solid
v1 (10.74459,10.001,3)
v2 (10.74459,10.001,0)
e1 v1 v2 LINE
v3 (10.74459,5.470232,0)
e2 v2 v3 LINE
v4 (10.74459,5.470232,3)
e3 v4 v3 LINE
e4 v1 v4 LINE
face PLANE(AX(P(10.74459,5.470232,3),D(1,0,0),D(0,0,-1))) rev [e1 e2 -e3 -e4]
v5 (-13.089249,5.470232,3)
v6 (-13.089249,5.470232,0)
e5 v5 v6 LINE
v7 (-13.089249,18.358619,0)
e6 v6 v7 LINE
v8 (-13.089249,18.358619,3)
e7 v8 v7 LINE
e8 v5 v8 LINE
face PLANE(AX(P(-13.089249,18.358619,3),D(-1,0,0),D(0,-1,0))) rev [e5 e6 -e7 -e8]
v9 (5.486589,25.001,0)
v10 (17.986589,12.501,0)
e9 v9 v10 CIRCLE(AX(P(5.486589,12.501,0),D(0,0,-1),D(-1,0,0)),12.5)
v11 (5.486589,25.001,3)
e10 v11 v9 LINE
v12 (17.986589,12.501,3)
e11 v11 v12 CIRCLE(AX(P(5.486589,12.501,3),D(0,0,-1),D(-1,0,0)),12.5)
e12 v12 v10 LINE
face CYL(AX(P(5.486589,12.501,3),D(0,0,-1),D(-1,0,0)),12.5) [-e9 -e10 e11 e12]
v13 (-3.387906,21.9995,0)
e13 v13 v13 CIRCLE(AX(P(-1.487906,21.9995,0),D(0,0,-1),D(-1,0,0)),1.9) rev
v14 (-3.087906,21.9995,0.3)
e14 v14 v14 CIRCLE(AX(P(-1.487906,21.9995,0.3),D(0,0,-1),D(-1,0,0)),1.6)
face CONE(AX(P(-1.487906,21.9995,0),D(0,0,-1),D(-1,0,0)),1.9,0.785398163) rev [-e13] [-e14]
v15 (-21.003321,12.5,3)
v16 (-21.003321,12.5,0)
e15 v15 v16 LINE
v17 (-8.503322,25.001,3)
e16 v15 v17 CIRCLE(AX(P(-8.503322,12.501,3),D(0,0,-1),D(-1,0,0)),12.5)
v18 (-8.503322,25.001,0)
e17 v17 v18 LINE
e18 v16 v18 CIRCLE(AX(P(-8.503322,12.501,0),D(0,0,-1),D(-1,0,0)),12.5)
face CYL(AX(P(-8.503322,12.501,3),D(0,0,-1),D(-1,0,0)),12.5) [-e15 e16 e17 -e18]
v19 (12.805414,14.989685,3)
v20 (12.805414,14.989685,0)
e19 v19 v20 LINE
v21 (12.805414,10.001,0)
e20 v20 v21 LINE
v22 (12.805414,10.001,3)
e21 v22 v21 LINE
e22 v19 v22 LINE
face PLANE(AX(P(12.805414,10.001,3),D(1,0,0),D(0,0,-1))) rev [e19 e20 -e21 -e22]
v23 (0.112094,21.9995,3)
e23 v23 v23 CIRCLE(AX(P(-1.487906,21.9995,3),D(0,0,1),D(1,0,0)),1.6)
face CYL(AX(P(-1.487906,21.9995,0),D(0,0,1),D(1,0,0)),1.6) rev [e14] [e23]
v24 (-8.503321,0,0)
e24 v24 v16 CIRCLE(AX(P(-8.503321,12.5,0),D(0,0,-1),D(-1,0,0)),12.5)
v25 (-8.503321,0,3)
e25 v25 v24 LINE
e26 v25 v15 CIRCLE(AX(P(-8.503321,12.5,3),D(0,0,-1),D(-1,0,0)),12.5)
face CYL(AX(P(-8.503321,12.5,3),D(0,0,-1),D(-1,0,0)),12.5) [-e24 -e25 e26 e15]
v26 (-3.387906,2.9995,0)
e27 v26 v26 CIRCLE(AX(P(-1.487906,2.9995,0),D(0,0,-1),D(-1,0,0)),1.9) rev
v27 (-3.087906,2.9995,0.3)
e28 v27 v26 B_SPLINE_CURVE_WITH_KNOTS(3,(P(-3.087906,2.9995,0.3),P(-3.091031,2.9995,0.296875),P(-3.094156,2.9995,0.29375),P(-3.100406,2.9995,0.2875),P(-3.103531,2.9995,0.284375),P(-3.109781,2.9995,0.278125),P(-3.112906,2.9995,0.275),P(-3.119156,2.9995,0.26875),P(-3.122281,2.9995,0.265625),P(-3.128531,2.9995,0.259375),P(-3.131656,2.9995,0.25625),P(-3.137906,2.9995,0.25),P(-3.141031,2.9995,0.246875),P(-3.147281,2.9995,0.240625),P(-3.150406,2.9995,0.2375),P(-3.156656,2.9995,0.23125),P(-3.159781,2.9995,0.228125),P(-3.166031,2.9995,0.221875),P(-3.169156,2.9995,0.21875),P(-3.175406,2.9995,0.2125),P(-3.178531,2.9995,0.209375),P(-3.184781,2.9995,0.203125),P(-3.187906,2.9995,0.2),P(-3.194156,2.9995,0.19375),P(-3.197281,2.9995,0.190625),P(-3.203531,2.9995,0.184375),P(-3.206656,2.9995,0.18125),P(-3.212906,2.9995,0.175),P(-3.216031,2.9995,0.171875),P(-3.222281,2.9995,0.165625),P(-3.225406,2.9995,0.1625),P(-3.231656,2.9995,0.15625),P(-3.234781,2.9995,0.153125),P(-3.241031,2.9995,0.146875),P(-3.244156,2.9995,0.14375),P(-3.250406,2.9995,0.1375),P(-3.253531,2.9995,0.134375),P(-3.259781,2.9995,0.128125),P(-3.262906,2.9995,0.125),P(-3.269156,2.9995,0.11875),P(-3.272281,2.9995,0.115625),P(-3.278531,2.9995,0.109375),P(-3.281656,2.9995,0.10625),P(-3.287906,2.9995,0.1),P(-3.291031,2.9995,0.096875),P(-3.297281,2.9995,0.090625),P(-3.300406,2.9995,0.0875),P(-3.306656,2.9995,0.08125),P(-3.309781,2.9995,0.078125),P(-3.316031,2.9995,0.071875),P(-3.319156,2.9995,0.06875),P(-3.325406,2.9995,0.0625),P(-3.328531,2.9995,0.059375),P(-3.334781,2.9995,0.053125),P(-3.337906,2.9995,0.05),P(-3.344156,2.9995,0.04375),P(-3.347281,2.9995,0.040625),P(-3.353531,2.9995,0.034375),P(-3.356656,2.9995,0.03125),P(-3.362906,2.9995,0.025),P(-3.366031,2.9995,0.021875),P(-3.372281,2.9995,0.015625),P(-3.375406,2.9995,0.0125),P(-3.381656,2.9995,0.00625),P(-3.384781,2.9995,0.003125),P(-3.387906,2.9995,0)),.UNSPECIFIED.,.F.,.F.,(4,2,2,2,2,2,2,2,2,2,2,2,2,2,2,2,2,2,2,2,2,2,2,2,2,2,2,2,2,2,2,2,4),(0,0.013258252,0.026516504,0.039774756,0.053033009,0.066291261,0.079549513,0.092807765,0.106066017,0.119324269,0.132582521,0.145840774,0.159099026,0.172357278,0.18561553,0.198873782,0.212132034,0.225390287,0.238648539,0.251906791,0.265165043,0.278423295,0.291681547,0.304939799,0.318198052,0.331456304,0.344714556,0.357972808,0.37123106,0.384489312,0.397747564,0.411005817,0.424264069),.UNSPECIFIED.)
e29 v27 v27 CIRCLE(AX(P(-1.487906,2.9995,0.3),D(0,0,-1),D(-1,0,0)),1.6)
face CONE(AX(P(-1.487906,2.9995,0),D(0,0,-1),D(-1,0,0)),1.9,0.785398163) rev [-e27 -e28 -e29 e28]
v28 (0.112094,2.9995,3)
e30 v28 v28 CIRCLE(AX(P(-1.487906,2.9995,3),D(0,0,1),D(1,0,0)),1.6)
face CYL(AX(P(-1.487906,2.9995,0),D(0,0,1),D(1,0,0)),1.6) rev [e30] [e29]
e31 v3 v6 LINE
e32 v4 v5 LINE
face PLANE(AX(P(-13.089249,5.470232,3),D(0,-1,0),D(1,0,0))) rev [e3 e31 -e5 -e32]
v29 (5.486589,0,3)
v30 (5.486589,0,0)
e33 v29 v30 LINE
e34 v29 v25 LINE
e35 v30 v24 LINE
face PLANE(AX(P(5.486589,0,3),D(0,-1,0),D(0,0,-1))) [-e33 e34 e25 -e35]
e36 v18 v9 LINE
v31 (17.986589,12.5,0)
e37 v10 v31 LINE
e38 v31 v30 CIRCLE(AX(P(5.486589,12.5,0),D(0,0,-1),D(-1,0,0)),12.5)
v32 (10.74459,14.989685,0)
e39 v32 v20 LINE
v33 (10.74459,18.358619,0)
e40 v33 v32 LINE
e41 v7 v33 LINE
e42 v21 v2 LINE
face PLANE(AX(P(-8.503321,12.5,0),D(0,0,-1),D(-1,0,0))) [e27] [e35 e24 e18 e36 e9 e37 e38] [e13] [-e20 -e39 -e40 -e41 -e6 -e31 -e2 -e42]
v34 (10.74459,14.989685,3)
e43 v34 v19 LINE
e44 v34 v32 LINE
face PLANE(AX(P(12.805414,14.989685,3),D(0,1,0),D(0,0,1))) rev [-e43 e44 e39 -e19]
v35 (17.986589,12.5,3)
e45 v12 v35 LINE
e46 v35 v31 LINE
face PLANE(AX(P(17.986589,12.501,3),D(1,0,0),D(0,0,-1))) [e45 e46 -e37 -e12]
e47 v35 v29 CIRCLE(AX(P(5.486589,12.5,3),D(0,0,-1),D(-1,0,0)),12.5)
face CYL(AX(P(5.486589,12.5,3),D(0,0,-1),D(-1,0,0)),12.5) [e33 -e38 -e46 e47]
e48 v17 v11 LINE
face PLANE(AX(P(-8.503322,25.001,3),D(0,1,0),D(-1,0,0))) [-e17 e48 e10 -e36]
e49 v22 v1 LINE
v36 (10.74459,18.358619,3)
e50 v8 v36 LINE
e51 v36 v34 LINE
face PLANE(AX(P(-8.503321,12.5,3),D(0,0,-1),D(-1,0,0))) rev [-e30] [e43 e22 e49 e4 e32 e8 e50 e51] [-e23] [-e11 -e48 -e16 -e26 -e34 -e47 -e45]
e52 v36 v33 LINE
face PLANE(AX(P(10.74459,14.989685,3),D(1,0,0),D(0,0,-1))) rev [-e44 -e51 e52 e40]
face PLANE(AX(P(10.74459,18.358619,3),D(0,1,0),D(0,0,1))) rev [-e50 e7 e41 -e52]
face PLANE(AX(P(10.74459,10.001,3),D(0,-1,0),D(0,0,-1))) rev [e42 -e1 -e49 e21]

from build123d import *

# Parameters (mm, degrees)
SKETCH_1_R          = 1.3
EXTRUDE_1_DEPTH     = 3
SKETCH_2_R          = 1.6
CUT_EXTRUDE_1_DEPTH = 33.790082592
CHAMFER_1_SIZE      = 0.3


with BuildPart() as part:
    # 草图1 → 凸台-拉伸1 (new body)
    with BuildSketch(Plane(origin=(0, 0, 0), x_dir=(-1, 0, 0), z_dir=(0, 0, -1))):
        with BuildLine():
            Line((8.503321513, 25.001), (-5.486589193, 25.001))
            ThreePointArc((-5.486589193, 25.001), (-14.325423958, 21.339834765), (-17.986589193, 12.501))
            Line((-17.986589193, 12.501), (-17.986589193, 12.5))
            ThreePointArc((-17.986589193, 12.5), (-14.325423958, 3.661165235), (-5.486589193, 0))
            Line((-5.486589193, 0), (8.503321493, 0))
            ThreePointArc((8.503321493, 0), (17.342156257, 3.661165235), (21.003321493, 12.5))
            ThreePointArc((21.003321493, 12.5), (17.342509831, 21.339481206), (8.503321513, 25.001))
        make_face()
        with Locations(Location((1.487905971, 21.9995, 0), (0, 0, 180))):
            Circle(SKETCH_1_R, mode=Mode.SUBTRACT)
        with Locations(Location((1.487905971, 2.9995, 0), (0, 0, 180))):
            Circle(SKETCH_1_R, mode=Mode.SUBTRACT)
        Polygon((-12.805414109, 14.989684765), (-10.744590409, 14.989684765), (-10.744590409, 18.358619268), (13.089248936, 18.358619268), (13.089248936, 5.470232129), (-10.744590409, 5.470232129), (-10.744590409, 10.001), (-12.805414109, 10.001), align=None, mode=Mode.SUBTRACT)
    extrude(amount=-EXTRUDE_1_DEPTH)

    # 草图2 → 切除-拉伸1 (cut, through all)
    with BuildSketch(Plane.XY.offset(3)):
        with Locations((-1.487905971, 21.9995)):
            Circle(SKETCH_2_R)
        with Locations((-1.487905971, 2.9995)):
            Circle(SKETCH_2_R)
    extrude(amount=-CUT_EXTRUDE_1_DEPTH, mode=Mode.SUBTRACT)

    # 倒角1
    chamfer_1_edges = [part.edges().sort_by_distance(p)[0] for p in [
        (-3.087905971, 21.9995, 0),
        (-3.087905971, 2.9995, 0),
    ]]
    chamfer(chamfer_1_edges, length=CHAMFER_1_SIZE)


solid = part.part
